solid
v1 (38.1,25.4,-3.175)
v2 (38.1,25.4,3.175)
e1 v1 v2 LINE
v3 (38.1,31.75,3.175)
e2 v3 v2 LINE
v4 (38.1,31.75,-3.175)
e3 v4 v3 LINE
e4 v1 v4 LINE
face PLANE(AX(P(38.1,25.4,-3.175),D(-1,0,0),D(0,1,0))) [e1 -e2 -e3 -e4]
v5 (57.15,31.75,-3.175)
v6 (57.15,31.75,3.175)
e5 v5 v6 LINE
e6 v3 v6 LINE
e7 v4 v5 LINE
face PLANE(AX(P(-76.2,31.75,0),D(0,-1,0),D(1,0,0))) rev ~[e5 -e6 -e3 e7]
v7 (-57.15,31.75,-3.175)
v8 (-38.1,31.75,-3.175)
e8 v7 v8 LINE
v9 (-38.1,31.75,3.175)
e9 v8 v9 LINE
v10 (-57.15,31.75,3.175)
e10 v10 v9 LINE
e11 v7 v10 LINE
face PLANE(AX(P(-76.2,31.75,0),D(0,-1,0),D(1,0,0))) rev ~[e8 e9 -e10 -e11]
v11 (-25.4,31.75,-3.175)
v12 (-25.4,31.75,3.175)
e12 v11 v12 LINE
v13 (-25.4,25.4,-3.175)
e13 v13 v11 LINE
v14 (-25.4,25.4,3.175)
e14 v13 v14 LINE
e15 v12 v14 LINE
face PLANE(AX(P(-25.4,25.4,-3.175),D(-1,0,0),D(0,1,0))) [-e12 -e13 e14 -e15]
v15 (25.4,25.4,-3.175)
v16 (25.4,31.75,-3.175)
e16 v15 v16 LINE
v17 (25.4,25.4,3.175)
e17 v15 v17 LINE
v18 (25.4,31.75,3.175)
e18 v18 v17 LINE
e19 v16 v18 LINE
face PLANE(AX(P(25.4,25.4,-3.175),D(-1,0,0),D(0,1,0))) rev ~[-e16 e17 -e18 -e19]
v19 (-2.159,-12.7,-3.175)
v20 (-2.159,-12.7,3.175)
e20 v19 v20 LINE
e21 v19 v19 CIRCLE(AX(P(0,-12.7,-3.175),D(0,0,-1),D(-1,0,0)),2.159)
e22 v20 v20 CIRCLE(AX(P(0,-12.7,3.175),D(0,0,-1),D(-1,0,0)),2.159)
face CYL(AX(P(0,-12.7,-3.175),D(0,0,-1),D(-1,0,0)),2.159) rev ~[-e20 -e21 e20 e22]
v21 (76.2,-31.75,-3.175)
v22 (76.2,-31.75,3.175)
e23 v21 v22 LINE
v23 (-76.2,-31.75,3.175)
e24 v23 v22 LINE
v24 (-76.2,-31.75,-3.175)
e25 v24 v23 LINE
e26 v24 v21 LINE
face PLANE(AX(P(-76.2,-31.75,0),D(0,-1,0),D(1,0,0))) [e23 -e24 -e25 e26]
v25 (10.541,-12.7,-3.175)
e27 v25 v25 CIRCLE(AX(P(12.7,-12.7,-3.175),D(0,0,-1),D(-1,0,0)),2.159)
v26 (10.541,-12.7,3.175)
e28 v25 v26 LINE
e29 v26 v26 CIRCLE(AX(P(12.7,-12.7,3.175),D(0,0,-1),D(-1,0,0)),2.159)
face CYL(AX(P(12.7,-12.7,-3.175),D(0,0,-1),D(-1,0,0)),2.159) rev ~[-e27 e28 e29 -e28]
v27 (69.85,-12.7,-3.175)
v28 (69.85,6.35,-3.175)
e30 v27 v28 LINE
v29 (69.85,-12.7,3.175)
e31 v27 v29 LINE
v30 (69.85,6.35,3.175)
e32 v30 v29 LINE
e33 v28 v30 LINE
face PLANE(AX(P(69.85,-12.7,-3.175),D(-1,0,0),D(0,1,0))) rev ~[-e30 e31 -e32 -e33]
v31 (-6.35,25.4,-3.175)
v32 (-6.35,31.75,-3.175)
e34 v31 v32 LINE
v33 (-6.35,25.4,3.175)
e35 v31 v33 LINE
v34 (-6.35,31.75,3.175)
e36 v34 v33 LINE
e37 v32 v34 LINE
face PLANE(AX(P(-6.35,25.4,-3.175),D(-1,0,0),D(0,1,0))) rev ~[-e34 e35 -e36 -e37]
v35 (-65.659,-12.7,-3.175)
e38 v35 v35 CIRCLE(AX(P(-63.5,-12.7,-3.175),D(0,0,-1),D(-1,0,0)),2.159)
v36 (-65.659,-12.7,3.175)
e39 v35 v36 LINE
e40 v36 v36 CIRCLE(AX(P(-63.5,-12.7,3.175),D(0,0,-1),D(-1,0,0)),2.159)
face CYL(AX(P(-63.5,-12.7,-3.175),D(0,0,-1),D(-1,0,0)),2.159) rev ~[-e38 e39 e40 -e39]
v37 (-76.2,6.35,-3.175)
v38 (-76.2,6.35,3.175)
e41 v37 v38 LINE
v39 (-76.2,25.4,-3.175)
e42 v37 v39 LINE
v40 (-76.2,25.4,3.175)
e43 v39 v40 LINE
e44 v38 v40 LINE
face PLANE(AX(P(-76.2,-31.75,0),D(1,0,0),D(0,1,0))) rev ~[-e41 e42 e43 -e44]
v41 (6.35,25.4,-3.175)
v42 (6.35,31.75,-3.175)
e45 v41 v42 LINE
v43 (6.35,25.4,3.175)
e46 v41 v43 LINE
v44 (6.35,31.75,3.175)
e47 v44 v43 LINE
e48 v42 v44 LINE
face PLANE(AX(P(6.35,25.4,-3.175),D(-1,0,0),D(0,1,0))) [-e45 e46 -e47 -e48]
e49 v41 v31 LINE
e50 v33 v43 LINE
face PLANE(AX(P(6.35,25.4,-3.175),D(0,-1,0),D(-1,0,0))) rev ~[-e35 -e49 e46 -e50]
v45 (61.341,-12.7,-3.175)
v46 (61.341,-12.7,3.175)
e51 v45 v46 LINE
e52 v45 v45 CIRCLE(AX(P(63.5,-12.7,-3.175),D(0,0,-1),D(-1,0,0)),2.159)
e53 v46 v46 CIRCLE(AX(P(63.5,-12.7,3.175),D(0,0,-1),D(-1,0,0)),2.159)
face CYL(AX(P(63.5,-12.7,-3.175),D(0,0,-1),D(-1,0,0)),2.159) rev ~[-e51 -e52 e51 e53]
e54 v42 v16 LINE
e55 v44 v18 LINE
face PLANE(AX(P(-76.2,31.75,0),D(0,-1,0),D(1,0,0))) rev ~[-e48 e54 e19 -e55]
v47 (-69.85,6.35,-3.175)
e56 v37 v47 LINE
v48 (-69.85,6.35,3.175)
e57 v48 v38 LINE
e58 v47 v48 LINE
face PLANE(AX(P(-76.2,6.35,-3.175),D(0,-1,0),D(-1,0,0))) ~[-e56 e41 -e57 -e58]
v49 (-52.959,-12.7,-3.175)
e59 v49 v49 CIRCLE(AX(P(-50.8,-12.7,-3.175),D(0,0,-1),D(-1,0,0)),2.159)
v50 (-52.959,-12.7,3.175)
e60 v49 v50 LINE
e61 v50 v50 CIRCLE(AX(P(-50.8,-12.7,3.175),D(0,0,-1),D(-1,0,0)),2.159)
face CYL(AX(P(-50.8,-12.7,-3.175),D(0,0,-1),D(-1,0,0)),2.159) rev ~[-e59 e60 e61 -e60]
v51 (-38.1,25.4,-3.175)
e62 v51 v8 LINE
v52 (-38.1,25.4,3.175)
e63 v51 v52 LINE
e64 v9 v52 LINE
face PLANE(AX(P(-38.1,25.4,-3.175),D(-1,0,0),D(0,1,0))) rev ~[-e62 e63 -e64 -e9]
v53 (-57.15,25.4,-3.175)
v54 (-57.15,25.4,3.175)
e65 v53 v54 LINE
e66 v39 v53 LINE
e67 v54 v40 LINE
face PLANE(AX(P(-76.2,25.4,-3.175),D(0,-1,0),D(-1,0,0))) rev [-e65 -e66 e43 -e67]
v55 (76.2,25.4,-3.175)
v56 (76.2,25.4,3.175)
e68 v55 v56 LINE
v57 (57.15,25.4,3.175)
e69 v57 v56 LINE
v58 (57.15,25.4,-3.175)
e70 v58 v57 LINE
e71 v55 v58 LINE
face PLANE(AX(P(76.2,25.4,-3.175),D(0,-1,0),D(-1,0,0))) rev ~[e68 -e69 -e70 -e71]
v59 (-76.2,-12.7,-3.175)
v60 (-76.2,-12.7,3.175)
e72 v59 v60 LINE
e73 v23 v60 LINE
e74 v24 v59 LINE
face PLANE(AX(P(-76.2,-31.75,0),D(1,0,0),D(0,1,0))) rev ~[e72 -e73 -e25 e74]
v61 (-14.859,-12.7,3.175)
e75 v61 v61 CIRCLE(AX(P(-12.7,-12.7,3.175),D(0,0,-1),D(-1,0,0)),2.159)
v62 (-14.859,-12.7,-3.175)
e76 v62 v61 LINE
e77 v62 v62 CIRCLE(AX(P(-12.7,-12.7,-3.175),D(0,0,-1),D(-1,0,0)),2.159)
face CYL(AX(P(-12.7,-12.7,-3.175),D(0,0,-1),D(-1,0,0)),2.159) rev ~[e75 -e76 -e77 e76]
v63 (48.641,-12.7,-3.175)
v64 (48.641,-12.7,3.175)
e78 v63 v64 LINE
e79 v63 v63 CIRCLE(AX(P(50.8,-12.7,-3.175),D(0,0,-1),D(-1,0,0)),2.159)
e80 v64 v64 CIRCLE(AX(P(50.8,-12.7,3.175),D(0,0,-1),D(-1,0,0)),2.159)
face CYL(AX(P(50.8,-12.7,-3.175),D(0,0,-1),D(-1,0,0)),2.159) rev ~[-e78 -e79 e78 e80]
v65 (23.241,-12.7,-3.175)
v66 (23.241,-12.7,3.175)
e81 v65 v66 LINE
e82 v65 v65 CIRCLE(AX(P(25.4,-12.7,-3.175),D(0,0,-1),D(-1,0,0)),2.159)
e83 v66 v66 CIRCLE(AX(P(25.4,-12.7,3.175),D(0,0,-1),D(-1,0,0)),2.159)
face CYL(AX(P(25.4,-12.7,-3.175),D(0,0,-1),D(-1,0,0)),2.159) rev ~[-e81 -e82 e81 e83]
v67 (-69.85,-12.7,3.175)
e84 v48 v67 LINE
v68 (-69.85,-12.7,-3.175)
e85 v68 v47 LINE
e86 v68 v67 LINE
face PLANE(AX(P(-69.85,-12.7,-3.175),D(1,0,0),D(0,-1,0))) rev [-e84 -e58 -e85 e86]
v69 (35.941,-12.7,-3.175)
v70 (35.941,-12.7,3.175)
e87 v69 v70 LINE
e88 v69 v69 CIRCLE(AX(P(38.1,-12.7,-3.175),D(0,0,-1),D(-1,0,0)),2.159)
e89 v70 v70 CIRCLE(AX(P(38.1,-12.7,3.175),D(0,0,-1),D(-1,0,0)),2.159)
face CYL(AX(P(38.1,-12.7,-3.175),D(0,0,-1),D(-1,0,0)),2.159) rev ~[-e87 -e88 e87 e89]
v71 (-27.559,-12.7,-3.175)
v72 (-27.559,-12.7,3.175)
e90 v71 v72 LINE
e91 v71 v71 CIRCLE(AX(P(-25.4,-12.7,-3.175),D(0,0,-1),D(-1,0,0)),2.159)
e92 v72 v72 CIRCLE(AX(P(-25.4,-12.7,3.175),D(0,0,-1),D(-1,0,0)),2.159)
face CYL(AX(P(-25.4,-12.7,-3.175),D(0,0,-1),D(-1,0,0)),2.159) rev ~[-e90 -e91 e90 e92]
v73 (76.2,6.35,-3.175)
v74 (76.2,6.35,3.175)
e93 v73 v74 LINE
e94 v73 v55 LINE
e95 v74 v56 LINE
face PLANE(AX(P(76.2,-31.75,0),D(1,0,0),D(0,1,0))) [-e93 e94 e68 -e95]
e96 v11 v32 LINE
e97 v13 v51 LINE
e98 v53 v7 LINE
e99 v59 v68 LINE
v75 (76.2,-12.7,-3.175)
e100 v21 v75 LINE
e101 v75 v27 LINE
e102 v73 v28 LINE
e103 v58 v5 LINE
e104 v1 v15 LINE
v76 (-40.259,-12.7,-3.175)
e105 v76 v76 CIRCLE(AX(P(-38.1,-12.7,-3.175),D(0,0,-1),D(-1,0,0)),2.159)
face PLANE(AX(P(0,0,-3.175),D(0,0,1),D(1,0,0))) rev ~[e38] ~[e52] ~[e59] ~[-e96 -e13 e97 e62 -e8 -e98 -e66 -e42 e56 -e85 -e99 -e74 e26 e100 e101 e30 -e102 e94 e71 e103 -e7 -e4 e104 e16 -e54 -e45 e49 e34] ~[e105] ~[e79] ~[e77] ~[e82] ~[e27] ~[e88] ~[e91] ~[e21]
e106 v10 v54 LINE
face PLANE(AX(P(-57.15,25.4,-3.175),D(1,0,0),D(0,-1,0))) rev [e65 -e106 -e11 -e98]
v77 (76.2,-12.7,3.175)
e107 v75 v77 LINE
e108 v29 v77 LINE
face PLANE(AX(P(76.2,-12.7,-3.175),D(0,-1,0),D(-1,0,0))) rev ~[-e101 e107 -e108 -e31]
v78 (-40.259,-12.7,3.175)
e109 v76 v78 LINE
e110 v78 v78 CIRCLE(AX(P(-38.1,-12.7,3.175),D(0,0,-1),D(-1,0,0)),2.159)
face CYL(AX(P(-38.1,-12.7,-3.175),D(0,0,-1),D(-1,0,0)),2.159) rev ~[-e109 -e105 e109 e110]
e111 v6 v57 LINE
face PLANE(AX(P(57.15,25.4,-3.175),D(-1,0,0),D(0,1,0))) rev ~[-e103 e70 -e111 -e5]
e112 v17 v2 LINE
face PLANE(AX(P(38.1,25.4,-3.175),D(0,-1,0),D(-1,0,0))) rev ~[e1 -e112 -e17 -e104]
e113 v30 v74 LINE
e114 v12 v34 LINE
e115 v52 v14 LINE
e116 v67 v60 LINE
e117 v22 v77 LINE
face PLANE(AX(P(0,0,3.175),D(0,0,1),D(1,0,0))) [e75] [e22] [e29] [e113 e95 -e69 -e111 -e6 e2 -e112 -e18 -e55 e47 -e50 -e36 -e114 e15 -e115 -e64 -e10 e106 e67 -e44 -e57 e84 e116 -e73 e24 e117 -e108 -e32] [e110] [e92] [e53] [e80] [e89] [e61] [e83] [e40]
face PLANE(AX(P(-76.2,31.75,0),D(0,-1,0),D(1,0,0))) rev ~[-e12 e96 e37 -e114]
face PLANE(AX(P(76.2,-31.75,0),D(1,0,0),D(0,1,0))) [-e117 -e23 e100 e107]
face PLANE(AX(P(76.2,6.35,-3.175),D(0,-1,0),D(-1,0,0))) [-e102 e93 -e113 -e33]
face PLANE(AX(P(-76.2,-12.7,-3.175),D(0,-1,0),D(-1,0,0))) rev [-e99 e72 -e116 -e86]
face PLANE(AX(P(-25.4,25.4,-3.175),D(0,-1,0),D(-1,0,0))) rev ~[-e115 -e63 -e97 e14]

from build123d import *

# Parameters (mm, degrees)
SKETCH1_W            = 152.4
SKETCH1_H            = 63.5
BOSS_EXTRUDE1_DEPTH  = 3.175
SKETCH2_R            = 2.159
CUT_EXTRUDE1_DEPTH   = 83.793870546
LPATTERN1_COUNT      = 11
LPATTERN1_PITCH      = 12.7
LPATTERN1_COUNT_DIR2 = 11
LPATTERN1_PITCH_DIR2 = 12.7
SKETCH3_W            = 19.05
SKETCH3_H            = 6.35
CUT_EXTRUDE2_DEPTH   = 83.793870546
SKETCH4_W            = 12.7
SKETCH4_H            = 6.35
CUT_EXTRUDE3_DEPTH   = 83.793870546
LPATTERN2_COUNT      = 3
LPATTERN2_PITCH      = 31.75
SKETCH5_W            = 6.35
SKETCH5_H            = 19.05
CUT_EXTRUDE4_DEPTH   = 83.793870546


with BuildPart() as part:
    # Sketch1 → Boss-Extrude1 (new, symmetric)
    with BuildSketch(Plane.XY):
        Rectangle(SKETCH1_W, SKETCH1_H)
    extrude(amount=BOSS_EXTRUDE1_DEPTH, both=True)

    # Sketch2 → Cut-Extrude1 (cut, through all)
    with BuildSketch(Plane(origin=(0, 0, -3.175), x_dir=(-1, 0, 0), z_dir=(0, 0, -1))):
        with Locations((0, -12.7)):
            Circle(SKETCH2_R)
    cut_extrude1 = extrude(amount=-CUT_EXTRUDE1_DEPTH, mode=Mode.SUBTRACT)

    # LPattern1: Cut-Extrude1 11 × 11, 10 skipped
    with Locations(*[Vector(-1, 0, 0) * (i * LPATTERN1_PITCH) + Vector(1, 0, 0) * (j * LPATTERN1_PITCH_DIR2) for i in range(LPATTERN1_COUNT) for j in range(LPATTERN1_COUNT_DIR2) if (i, j) not in ((0, 0), (0, 6), (1, 7), (2, 8), (3, 9), (4, 10), (6, 0), (7, 1), (8, 2), (9, 3), (10, 4))]):
        add(cut_extrude1, mode=Mode.SUBTRACT)

    # Sketch3 → Cut-Extrude2 (cut, through all)
    with BuildSketch(Plane(origin=(0, 0, -3.175), x_dir=(-1, 0, 0), z_dir=(0, 0, -1))):
        with Locations((-66.675, 28.575)):
            Rectangle(SKETCH3_W, SKETCH3_H)
    cut_extrude2 = extrude(amount=-CUT_EXTRUDE2_DEPTH, mode=Mode.SUBTRACT)

    # Mirror1: Cut-Extrude2 across plane
    add(cut_extrude2.mirror(Plane(origin=(0, 0, 0), x_dir=(0, 0, 1), z_dir=(1, 0, 0))), mode=Mode.SUBTRACT)

    # Sketch4 → Cut-Extrude3 (cut, through all)
    with BuildSketch(Plane(origin=(0, 0, -3.175), x_dir=(-1, 0, 0), z_dir=(0, 0, -1))):
        with Locations((-31.75, 28.575)):
            Rectangle(SKETCH4_W, SKETCH4_H)
    cut_extrude3 = extrude(amount=-CUT_EXTRUDE3_DEPTH, mode=Mode.SUBTRACT)

    # LPattern2: Cut-Extrude3 ×3
    with Locations(*[(-i * LPATTERN2_PITCH, 0, 0) for i in range(1, LPATTERN2_COUNT)]):
        add(cut_extrude3, mode=Mode.SUBTRACT)

    # Sketch5 → Cut-Extrude4 (cut, through all)
    with BuildSketch(Plane(origin=(0, 0, -3.175), x_dir=(-1, 0, 0), z_dir=(0, 0, -1))):
        with Locations((-73.025, -3.175)):
            Rectangle(SKETCH5_W, SKETCH5_H)
    cut_extrude4 = extrude(amount=-CUT_EXTRUDE4_DEPTH, mode=Mode.SUBTRACT)

    # Mirror2: Cut-Extrude4 across plane
    add(cut_extrude4.mirror(Plane(origin=(0, 0, 0), x_dir=(0, 0, 1), z_dir=(1, 0, 0))), mode=Mode.SUBTRACT)


solid = part.part
